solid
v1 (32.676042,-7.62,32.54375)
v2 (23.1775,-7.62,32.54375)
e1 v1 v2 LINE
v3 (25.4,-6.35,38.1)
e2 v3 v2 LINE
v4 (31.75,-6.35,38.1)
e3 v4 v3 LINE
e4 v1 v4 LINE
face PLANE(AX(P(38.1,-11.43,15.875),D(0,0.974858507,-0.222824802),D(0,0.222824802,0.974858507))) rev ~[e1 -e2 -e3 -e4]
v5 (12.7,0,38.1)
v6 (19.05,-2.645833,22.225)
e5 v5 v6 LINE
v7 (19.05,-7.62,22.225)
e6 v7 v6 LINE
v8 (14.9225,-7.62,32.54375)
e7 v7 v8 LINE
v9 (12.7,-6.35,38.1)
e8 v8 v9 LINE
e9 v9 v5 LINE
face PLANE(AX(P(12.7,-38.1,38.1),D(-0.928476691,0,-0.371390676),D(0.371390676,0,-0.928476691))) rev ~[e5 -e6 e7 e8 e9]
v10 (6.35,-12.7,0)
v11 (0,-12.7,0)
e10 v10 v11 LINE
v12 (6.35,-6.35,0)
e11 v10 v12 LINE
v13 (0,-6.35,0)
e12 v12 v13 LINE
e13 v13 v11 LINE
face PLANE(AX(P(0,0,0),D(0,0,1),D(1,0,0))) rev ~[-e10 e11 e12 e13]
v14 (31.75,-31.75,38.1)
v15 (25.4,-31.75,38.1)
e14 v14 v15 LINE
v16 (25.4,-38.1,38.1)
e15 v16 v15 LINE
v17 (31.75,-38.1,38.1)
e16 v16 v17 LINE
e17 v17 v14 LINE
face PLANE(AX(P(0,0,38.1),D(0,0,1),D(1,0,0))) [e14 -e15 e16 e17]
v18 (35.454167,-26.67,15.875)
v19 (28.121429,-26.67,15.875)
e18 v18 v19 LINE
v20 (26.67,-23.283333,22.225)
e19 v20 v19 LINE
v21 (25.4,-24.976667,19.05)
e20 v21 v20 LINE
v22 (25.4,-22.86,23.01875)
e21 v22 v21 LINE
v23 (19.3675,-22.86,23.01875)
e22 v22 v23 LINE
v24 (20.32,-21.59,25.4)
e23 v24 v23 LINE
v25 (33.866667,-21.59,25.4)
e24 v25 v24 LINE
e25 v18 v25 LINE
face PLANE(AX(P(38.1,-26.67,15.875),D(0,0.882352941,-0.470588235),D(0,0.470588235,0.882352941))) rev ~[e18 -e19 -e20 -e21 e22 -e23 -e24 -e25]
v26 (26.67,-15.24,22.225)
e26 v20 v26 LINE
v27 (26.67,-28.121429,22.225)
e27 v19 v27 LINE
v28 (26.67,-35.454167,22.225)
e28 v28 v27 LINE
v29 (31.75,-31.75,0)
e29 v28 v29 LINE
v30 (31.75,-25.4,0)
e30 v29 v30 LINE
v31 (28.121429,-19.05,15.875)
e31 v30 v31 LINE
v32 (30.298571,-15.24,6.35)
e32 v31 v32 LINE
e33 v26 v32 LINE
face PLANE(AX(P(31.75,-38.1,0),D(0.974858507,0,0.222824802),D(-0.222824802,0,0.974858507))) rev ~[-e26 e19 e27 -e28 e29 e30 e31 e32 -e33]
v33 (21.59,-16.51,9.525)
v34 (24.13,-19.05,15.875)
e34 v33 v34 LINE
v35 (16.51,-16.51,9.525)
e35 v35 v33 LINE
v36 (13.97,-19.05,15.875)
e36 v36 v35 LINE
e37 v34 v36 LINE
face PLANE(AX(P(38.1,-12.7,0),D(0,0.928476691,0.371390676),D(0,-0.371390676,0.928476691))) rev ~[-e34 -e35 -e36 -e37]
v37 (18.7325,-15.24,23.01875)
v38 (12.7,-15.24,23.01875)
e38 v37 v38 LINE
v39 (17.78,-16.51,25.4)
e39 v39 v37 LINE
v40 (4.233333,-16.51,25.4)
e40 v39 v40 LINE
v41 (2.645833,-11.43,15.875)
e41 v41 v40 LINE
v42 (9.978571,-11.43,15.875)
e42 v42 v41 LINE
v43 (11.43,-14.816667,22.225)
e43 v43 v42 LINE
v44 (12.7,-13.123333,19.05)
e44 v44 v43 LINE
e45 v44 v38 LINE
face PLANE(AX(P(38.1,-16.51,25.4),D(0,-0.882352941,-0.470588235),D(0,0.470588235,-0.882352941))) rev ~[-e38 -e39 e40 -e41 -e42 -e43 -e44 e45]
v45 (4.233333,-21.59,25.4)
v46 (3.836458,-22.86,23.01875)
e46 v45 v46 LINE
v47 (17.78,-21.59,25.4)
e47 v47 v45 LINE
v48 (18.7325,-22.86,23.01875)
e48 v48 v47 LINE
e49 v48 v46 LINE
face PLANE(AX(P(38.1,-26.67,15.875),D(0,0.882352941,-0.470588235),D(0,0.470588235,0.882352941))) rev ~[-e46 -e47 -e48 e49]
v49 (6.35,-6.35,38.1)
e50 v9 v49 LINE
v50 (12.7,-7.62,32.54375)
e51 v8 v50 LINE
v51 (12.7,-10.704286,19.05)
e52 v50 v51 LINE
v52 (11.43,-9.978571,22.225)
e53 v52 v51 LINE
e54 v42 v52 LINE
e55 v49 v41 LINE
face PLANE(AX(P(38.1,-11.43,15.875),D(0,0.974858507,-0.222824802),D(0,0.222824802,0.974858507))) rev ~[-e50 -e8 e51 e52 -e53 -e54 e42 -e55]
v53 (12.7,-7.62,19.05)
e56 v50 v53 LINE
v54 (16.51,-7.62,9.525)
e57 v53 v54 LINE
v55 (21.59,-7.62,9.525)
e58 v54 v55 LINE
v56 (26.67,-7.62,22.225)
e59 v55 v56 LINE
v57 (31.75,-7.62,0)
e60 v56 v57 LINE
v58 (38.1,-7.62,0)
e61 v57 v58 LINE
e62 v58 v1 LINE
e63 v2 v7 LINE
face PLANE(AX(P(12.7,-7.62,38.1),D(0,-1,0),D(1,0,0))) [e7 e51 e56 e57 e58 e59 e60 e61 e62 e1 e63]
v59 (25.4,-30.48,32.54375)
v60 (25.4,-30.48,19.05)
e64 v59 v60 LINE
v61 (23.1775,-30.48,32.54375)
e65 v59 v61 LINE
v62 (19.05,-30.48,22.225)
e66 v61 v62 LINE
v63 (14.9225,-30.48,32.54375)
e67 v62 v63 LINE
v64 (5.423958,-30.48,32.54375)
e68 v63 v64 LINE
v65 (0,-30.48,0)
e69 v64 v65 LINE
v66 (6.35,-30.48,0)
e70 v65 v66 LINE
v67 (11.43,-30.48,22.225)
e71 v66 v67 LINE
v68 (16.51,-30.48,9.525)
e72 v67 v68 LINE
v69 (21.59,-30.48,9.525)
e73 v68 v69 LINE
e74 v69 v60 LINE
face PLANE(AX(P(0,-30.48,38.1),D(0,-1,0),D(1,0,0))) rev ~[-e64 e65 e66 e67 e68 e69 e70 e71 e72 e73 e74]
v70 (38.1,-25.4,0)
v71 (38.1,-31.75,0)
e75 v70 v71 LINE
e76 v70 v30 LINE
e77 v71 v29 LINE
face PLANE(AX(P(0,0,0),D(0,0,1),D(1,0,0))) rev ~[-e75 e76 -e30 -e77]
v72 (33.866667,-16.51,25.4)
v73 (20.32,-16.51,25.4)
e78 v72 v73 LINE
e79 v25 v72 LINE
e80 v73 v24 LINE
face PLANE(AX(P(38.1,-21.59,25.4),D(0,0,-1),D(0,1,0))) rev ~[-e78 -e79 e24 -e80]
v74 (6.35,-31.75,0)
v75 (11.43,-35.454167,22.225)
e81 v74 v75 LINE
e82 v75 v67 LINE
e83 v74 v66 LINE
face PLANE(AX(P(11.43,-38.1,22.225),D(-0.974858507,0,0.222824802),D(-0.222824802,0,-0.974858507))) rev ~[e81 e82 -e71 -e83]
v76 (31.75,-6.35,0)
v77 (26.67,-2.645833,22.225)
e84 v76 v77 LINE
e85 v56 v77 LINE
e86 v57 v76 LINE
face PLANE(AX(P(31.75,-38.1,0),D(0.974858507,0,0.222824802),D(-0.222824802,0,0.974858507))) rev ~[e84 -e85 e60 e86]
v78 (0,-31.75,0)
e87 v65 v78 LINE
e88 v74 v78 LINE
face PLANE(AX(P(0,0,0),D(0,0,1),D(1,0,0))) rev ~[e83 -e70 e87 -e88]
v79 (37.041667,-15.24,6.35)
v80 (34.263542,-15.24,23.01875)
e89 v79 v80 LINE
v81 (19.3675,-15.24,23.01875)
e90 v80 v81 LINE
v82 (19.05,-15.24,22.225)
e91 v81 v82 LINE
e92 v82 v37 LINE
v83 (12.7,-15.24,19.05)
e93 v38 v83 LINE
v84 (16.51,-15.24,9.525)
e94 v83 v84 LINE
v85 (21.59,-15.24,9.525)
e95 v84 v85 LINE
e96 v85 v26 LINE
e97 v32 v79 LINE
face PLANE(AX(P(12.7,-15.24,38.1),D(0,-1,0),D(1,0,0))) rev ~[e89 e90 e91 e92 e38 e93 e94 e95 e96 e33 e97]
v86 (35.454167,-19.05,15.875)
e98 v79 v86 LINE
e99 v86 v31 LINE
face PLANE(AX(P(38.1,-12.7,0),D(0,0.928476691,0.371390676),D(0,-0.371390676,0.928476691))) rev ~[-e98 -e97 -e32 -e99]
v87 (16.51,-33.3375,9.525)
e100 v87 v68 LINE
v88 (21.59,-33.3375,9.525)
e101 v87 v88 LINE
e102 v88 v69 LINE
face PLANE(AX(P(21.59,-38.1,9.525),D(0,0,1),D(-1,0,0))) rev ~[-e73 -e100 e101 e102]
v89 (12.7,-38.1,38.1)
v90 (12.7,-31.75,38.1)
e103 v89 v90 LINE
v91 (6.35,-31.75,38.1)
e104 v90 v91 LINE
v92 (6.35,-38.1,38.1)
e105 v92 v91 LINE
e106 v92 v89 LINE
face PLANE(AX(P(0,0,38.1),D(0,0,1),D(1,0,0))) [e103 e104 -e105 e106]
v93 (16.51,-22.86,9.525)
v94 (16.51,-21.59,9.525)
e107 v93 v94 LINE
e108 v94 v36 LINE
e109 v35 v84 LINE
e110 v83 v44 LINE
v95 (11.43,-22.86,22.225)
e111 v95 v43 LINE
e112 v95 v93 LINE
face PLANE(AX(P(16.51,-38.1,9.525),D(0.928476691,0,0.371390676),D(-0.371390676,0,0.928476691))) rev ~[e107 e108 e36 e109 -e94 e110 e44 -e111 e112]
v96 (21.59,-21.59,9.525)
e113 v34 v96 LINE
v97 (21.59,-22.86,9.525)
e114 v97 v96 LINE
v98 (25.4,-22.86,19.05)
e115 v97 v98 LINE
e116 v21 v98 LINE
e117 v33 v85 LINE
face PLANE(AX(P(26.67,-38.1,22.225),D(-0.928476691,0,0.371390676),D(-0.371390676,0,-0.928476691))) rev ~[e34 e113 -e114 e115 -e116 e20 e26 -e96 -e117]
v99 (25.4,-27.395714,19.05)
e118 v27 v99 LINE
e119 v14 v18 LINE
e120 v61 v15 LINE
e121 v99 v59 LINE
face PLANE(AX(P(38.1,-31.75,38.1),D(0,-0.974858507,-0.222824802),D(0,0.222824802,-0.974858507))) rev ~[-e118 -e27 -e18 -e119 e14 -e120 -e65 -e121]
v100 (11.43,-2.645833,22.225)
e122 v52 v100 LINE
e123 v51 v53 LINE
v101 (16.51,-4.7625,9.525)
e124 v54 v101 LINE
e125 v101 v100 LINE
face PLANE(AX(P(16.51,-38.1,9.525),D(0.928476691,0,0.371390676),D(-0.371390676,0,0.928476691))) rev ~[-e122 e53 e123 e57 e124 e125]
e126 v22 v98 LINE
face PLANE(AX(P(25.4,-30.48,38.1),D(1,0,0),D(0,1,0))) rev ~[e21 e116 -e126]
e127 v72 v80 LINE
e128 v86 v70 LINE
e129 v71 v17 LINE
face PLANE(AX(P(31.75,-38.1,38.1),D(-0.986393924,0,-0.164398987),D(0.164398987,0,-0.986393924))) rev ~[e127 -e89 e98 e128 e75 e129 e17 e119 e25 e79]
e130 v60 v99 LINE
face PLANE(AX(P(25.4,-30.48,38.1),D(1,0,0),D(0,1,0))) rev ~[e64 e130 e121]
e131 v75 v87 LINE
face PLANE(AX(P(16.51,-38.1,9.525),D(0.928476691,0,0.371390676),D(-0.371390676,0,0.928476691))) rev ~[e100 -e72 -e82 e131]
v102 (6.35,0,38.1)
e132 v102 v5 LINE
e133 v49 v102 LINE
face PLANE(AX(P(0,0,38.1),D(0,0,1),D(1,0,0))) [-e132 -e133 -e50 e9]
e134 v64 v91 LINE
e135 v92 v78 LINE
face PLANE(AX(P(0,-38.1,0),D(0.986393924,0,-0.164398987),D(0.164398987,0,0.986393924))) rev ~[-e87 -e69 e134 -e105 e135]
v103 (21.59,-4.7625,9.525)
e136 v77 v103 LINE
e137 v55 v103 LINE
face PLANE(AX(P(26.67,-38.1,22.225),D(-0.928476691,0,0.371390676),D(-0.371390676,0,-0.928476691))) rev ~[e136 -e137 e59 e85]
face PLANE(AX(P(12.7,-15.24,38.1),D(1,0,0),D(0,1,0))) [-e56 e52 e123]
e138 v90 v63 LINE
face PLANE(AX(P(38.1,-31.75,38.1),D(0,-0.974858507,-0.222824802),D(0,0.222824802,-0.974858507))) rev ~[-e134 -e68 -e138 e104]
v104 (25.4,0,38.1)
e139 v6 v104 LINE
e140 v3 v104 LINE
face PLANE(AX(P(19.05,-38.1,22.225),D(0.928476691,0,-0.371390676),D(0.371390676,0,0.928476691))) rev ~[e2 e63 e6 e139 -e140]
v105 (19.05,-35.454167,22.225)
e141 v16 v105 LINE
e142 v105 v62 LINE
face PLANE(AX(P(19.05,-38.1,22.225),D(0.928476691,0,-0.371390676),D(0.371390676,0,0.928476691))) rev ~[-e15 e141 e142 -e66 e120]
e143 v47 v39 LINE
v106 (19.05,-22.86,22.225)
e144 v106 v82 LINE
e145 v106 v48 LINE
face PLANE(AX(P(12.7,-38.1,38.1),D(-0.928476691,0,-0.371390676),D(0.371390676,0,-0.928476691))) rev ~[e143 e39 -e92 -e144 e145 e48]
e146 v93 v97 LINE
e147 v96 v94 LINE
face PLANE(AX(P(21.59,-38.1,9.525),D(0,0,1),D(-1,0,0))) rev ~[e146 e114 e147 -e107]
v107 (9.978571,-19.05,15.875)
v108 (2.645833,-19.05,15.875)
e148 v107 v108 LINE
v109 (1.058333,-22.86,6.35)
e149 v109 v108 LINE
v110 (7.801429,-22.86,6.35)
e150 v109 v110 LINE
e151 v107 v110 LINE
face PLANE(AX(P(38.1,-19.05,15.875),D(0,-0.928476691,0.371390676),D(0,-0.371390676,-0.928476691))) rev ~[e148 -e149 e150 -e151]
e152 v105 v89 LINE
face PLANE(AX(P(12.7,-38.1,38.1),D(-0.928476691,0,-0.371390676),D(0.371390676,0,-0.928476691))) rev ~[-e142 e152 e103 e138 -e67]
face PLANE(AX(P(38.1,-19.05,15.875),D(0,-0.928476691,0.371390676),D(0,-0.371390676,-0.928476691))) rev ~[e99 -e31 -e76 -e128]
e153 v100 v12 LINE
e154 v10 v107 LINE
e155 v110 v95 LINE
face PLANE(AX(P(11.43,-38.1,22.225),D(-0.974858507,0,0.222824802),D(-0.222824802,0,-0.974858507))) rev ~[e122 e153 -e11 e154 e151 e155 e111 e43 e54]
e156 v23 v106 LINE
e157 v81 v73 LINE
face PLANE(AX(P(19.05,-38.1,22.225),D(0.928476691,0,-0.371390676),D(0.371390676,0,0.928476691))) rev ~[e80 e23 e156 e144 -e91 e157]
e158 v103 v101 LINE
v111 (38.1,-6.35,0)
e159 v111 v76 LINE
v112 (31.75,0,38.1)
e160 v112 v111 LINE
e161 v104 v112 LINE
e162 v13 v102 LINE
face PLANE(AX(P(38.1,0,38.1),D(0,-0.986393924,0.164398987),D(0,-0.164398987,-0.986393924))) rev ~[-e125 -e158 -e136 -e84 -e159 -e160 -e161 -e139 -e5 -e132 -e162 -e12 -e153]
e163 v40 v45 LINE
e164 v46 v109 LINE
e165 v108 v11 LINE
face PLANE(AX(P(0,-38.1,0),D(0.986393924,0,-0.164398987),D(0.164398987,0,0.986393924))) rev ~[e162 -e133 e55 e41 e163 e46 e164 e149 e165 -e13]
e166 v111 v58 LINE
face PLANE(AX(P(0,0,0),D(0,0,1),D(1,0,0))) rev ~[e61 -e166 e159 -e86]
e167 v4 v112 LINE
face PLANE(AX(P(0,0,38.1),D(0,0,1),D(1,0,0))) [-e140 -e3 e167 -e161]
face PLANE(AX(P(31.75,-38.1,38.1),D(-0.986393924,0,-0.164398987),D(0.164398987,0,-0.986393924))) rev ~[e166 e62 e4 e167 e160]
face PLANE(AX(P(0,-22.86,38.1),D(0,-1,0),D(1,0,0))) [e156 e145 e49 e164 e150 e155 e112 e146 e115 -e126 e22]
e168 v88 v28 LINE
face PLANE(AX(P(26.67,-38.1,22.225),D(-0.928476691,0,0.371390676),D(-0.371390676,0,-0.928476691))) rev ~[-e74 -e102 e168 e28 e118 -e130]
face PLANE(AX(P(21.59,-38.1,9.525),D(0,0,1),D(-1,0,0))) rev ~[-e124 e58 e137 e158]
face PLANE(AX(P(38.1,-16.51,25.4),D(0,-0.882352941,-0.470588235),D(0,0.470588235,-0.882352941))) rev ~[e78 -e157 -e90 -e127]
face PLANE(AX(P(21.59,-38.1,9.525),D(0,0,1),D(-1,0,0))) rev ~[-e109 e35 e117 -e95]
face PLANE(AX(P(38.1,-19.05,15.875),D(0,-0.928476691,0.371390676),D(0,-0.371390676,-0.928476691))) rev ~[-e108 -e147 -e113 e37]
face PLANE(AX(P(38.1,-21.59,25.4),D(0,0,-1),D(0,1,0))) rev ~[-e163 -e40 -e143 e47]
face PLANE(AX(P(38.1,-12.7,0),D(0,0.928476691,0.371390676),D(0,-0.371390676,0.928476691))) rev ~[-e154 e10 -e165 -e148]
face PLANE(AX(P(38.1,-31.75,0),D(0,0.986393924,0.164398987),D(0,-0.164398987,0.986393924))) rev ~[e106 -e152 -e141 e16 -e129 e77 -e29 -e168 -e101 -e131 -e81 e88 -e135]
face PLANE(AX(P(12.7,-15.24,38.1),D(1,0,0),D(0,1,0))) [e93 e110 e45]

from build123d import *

# Parameters (mm, degrees)
F0_W     = 38.1
F0_H     = 38.1
F1_DEPTH = 38.1
F5_DEPTH = 38.1
F7_DEPTH = 38.1
F8_W     = 25.4
F8_H     = 7.62
F9_DEPTH = 38.1


with BuildPart() as f1:
    # F0 (on Front) → F1 (new body)
    with BuildSketch(Plane.XZ):
        with Locations((19.05, 19.05)):
            Rectangle(F0_W, F0_H)
    extrude(amount=F1_DEPTH)

    # F4 (on face) → F5 (cut)
    with BuildSketch(Plane.YZ.offset(38.1)):
        Polygon((-6.35, 38.1), (-31.75, 38.1), (-26.67, 15.875), (-21.59, 25.4), (-16.51, 25.4), (-11.43, 15.875), align=None)
        Polygon((-31.75, 0), (-38.1, 38.1), (-38.1, 0), align=None)
        Polygon((-19.05, 15.875), (-25.4, 0), (-12.7, 0), align=None)
        Polygon((0, 0), (0, 38.1), (-6.35, 0), align=None)
    extrude(amount=-F5_DEPTH, mode=Mode.SUBTRACT)

    # F6 (on offset) → F7 (cut)
    with BuildSketch(Plane.XZ.offset(38.1)):
        Polygon((25.4, 38.1), (12.7, 38.1), (19.05, 22.225), align=None)
        Polygon((6.35, 38.1), (0, 38.1), (0, 0), align=None)
        Polygon((11.43, 22.225), (6.35, 0), (31.75, 0), (26.67, 22.225), (21.59, 9.525), (16.51, 9.525), align=None)
        Polygon((31.75, 38.1), (38.1, 0), (38.1, 38.1), align=None)
    extrude(amount=-F7_DEPTH, mode=Mode.SUBTRACT)

    # F8 (on offset) → F9 (cut)
    with BuildSketch(Plane.XY.offset(38.1)):
        with Locations((12.7, -26.67)):
            Rectangle(F8_W, F8_H)
        with Locations((25.4, -11.43)):
            Rectangle(F8_W, F8_H)
    extrude(amount=-F9_DEPTH, mode=Mode.SUBTRACT)


solid = f1.part
